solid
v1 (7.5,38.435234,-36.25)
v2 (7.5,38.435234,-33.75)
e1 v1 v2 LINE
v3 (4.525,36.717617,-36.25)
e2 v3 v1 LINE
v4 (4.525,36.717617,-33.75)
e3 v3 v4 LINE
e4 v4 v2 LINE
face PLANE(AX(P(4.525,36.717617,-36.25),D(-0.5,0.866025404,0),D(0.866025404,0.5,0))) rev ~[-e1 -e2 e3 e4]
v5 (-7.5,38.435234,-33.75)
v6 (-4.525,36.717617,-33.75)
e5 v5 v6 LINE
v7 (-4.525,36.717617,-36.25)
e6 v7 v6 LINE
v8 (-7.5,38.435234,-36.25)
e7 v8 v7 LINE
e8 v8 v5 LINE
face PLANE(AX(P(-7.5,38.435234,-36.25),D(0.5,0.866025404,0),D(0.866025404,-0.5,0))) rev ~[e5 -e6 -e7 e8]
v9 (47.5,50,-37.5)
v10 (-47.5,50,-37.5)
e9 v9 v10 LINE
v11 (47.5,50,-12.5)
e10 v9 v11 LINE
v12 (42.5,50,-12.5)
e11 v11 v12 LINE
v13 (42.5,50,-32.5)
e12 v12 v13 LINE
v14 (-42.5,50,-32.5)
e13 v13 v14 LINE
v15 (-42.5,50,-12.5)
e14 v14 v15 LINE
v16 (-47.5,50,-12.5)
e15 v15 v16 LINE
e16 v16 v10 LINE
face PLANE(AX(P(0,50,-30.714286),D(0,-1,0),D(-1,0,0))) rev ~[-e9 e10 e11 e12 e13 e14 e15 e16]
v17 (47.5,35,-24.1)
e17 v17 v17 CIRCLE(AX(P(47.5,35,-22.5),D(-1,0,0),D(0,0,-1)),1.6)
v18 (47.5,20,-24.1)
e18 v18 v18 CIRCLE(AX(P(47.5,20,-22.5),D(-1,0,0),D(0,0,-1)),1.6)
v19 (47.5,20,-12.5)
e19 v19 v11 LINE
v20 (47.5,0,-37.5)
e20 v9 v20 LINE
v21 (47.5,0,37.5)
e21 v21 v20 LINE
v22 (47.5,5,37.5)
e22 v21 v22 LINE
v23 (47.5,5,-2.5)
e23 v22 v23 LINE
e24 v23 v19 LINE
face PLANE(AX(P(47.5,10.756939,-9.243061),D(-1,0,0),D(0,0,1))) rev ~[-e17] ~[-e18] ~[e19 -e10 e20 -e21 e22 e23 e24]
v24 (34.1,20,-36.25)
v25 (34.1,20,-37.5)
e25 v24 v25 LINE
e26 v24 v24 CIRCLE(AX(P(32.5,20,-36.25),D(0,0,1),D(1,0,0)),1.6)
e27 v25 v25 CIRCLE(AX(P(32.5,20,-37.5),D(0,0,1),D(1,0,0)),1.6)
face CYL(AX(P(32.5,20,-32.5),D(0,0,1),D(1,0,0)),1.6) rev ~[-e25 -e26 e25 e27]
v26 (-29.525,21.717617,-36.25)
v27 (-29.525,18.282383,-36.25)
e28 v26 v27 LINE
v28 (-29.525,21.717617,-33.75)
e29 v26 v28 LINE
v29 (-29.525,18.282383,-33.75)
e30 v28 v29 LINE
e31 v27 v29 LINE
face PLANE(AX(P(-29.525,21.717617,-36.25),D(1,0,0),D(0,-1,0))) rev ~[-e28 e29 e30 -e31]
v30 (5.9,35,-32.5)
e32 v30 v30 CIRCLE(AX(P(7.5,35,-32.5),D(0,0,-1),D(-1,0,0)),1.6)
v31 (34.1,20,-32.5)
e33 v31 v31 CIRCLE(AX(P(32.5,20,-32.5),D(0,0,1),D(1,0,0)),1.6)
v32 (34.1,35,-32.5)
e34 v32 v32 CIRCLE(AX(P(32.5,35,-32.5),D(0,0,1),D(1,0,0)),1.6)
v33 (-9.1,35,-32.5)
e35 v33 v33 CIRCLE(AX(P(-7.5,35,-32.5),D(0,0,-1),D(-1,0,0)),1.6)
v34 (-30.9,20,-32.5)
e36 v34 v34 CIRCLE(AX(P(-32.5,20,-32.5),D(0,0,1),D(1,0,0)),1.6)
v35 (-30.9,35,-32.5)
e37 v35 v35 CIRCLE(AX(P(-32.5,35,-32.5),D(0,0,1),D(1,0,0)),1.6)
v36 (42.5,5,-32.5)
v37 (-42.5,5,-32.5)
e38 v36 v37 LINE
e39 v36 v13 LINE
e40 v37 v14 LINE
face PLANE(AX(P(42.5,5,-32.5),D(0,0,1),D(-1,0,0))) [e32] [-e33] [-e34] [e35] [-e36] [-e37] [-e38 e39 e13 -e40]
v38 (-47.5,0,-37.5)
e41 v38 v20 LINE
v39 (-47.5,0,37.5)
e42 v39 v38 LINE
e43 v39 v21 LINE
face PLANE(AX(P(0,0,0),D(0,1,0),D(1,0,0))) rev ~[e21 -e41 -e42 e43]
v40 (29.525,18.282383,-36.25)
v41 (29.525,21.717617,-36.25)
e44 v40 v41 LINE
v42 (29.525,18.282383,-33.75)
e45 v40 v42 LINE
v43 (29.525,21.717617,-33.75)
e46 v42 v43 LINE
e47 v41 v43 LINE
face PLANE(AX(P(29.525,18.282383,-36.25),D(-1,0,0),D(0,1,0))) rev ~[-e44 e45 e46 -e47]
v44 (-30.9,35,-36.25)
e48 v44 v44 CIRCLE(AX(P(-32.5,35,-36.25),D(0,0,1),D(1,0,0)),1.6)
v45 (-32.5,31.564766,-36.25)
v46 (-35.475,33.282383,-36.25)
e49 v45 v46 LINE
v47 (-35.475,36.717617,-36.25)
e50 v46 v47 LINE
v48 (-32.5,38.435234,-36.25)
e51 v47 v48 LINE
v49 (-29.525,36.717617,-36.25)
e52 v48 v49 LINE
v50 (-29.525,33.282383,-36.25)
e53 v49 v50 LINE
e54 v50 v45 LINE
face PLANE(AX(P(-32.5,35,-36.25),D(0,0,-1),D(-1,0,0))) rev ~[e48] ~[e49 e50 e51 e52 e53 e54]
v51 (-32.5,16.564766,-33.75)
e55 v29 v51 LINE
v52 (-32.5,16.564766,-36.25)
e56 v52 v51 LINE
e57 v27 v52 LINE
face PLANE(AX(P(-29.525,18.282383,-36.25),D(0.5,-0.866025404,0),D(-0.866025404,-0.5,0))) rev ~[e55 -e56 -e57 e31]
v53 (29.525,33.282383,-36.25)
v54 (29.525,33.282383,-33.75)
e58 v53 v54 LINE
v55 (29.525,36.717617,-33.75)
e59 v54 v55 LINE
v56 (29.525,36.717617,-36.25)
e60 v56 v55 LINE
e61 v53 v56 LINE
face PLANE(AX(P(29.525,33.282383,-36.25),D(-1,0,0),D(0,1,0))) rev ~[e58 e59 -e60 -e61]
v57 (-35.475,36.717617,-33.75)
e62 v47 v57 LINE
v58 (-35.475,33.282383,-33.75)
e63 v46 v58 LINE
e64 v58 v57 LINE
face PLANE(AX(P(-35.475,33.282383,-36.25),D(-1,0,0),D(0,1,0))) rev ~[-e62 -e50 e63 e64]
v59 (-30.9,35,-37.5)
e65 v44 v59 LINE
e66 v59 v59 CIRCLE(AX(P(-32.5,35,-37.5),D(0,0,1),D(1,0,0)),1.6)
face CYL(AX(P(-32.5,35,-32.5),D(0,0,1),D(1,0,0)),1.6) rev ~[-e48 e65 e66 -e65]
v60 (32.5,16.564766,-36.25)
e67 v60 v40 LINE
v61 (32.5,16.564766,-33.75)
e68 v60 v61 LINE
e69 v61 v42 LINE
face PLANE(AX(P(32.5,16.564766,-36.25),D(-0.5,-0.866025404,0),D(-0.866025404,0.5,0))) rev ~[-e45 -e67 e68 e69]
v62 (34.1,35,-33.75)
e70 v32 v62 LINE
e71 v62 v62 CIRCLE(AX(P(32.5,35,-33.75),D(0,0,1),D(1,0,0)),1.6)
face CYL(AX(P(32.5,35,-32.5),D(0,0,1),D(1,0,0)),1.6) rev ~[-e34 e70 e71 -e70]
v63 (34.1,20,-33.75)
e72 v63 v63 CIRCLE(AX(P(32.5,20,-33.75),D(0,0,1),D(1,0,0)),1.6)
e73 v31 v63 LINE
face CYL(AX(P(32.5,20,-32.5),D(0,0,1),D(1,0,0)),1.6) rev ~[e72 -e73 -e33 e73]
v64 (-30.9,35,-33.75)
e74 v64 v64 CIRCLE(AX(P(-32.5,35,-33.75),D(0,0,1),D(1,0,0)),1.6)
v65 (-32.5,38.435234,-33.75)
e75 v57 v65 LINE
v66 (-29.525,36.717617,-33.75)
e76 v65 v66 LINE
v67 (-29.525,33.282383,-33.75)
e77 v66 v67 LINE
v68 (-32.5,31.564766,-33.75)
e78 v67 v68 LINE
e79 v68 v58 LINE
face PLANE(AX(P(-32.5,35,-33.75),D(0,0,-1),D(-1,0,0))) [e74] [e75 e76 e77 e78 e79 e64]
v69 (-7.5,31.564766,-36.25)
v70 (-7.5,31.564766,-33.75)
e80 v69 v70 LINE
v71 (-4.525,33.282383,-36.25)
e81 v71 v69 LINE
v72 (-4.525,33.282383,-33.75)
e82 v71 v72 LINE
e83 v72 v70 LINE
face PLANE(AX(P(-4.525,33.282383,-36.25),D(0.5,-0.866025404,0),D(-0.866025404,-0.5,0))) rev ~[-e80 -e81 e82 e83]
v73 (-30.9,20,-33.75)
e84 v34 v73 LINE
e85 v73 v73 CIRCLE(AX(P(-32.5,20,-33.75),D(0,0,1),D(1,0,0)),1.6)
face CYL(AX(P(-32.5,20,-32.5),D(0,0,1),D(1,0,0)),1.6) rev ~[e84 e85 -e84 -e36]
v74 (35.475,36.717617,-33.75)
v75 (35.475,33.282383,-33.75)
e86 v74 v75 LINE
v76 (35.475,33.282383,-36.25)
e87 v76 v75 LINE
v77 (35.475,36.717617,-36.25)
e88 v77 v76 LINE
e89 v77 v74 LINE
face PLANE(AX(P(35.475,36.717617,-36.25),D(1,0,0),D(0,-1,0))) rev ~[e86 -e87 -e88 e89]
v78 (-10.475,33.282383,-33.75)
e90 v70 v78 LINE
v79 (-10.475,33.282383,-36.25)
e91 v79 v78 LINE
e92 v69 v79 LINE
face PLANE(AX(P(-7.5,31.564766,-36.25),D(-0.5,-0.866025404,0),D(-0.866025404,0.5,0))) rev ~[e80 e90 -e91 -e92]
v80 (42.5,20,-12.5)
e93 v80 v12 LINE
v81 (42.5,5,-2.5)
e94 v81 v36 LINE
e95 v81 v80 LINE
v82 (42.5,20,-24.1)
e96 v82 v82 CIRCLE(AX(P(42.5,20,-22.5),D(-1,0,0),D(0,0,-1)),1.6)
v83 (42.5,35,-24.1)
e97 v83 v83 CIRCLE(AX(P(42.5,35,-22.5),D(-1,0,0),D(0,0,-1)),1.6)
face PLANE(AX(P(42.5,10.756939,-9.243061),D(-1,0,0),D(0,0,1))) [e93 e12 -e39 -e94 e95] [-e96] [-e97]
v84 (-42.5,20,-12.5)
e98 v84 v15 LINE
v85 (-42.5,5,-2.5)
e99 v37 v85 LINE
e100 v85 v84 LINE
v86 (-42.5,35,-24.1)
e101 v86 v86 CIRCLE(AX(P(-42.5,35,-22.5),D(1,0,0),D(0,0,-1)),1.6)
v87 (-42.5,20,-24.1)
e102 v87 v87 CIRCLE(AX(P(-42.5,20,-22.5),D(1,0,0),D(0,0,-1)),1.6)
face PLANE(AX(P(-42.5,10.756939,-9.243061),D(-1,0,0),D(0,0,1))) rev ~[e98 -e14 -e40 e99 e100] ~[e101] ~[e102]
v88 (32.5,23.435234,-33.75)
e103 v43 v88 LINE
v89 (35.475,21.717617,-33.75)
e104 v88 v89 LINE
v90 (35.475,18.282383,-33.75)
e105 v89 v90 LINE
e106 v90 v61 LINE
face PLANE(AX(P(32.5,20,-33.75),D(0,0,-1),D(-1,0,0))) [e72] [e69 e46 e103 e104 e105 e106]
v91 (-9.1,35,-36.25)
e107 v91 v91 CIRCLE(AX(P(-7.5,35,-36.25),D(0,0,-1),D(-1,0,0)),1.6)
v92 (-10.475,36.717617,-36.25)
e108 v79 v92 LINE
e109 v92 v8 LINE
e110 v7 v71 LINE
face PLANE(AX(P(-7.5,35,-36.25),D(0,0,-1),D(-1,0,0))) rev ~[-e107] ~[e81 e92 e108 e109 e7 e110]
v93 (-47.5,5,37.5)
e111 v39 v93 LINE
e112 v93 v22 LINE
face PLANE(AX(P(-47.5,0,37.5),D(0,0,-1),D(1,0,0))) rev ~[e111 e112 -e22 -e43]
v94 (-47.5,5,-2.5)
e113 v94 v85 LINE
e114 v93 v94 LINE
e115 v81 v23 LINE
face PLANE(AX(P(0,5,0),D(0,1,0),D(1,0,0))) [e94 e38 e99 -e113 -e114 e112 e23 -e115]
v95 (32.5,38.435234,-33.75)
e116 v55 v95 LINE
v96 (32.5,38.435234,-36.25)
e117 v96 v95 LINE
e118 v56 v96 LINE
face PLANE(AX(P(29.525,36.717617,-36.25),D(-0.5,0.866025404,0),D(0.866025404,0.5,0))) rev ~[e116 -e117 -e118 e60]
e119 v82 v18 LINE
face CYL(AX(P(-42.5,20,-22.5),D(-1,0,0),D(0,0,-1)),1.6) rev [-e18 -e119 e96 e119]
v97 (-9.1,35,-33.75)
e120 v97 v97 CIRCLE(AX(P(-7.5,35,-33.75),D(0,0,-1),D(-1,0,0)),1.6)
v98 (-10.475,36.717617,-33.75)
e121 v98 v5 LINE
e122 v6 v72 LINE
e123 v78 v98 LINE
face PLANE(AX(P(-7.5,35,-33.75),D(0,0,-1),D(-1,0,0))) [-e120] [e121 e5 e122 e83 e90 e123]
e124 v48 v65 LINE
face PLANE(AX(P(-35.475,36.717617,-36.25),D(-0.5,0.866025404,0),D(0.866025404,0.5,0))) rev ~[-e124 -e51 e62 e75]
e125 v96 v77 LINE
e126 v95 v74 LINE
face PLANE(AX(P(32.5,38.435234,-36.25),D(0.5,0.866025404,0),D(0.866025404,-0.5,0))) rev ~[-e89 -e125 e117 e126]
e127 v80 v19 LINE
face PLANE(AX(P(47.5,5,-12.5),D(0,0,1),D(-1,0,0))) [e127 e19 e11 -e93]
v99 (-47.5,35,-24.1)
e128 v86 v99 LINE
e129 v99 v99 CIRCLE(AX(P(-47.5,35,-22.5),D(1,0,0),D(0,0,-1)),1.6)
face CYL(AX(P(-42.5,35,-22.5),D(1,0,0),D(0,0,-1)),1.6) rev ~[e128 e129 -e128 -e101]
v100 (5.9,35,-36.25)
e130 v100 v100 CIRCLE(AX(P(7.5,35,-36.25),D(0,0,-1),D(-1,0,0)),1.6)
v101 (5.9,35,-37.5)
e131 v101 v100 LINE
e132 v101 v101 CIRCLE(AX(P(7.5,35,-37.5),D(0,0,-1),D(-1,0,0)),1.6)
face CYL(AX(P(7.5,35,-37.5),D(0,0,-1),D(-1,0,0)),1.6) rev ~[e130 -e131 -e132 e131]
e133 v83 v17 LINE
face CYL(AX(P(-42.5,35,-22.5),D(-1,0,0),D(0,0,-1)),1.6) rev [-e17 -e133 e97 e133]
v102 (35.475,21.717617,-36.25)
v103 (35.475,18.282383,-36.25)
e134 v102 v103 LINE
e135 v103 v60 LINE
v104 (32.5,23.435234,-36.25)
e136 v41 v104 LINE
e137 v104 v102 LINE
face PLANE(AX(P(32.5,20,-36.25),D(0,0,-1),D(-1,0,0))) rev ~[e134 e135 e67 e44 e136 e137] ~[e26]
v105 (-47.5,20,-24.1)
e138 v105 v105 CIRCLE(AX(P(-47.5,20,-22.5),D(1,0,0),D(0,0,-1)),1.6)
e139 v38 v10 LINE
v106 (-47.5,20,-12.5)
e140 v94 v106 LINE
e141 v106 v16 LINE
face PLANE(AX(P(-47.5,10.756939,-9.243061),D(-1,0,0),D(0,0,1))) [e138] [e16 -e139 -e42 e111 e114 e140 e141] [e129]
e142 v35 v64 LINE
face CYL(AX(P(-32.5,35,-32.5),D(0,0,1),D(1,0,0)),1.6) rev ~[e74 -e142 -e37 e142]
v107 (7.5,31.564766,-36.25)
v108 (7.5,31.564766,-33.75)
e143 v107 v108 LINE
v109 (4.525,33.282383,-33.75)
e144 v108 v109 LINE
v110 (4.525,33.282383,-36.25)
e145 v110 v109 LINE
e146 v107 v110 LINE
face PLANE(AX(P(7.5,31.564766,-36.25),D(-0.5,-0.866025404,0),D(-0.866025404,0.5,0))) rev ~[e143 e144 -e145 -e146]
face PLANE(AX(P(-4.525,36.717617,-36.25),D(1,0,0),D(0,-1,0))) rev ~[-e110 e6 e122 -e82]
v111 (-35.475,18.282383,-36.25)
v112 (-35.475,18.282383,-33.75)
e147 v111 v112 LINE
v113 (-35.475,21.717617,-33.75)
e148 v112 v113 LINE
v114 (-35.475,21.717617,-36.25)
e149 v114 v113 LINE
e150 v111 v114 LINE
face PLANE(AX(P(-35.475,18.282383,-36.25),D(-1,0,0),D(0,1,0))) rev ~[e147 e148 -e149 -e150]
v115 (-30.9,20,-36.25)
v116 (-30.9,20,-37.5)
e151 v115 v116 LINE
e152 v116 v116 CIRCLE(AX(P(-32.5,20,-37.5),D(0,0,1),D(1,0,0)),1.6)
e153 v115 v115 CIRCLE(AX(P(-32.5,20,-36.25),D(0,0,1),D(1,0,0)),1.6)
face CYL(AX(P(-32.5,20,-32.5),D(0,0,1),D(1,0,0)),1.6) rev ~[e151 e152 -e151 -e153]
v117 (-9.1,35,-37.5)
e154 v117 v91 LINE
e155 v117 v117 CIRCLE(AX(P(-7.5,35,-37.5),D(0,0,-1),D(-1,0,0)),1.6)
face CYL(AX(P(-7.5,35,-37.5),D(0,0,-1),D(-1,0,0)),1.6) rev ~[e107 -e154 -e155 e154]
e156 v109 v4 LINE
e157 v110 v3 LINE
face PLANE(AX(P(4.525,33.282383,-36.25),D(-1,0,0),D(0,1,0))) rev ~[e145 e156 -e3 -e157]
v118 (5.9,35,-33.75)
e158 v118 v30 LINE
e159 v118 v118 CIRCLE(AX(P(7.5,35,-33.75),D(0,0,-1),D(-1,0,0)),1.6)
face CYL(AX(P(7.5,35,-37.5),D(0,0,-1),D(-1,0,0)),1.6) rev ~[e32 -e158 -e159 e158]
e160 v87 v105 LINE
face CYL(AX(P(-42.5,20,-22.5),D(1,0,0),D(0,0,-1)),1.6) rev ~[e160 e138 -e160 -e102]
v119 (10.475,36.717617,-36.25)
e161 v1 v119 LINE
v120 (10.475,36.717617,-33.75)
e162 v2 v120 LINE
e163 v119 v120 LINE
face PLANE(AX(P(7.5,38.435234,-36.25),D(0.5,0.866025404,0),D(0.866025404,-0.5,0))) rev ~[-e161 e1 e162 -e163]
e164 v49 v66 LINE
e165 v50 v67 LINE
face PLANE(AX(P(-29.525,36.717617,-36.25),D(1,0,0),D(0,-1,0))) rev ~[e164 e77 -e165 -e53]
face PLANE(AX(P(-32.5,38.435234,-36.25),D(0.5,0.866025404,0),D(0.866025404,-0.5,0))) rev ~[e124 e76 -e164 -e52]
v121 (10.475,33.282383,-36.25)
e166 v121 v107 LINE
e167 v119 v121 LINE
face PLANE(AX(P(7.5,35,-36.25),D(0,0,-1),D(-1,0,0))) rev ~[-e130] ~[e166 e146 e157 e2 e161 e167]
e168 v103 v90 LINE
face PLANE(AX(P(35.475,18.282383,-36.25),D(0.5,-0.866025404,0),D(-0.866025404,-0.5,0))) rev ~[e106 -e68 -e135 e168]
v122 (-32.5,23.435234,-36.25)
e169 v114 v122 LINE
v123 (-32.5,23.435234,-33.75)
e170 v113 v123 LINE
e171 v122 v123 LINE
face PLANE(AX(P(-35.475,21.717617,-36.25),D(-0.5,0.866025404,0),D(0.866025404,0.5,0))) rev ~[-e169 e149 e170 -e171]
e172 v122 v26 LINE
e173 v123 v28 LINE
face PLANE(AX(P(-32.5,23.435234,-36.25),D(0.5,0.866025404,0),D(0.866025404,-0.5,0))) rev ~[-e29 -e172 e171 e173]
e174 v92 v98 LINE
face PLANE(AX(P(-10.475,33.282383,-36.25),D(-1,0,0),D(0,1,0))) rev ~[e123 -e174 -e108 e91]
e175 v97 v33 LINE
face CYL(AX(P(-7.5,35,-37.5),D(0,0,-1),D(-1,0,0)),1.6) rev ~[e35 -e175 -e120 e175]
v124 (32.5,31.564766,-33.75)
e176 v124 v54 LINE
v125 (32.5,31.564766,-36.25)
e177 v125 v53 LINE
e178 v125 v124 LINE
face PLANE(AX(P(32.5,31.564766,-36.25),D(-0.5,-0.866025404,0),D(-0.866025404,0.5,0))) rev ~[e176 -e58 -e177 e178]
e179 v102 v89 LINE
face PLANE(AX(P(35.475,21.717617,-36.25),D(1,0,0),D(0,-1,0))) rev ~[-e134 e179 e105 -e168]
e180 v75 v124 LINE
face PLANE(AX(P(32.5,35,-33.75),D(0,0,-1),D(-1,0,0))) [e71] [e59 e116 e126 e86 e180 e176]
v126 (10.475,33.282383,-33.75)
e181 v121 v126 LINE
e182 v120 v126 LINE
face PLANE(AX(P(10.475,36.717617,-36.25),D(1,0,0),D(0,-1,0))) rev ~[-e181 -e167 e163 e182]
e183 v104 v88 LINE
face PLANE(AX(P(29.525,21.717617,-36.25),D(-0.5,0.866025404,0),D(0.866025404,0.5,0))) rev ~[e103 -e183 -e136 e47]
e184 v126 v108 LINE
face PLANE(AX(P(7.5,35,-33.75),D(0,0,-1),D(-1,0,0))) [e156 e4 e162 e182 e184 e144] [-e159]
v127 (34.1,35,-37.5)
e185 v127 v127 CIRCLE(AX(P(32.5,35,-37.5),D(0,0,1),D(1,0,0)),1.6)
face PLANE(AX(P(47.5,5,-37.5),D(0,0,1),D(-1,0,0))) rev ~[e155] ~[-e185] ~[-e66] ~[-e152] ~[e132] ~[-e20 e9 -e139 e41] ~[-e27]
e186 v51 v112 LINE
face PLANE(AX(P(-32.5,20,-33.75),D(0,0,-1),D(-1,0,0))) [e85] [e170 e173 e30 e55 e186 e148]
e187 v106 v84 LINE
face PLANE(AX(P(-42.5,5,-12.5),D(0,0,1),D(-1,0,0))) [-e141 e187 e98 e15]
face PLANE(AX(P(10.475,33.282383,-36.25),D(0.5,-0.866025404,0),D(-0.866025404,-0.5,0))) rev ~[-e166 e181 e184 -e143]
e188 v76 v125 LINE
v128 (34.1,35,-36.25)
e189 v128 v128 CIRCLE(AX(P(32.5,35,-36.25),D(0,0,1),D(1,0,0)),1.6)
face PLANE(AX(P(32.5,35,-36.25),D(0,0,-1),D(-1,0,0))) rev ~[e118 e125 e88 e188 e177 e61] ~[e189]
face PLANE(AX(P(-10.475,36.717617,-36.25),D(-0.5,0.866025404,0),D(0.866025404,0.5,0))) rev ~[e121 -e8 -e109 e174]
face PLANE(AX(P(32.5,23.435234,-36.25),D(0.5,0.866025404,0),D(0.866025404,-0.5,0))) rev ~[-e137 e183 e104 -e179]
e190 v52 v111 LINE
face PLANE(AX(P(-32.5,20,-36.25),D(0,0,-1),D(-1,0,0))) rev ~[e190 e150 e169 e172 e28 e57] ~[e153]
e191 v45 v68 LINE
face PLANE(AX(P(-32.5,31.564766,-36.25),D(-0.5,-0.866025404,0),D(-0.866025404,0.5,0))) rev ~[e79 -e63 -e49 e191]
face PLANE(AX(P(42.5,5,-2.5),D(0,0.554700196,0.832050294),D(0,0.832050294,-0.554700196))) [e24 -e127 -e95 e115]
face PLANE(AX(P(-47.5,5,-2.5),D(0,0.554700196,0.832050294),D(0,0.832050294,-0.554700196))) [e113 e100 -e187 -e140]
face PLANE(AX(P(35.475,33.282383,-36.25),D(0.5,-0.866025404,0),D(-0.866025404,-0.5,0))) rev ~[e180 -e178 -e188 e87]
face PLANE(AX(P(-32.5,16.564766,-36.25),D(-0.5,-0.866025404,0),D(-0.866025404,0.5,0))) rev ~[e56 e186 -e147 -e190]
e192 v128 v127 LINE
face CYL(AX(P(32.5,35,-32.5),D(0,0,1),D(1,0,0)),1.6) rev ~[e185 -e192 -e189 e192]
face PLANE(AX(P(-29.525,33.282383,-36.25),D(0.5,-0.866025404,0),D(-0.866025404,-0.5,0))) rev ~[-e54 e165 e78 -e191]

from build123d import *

# Parameters (mm, degrees)
SKETCH1_W               = 95
SKETCH1_H               = 75
BOSS_EXTRUDE1_DEPTH     = 5
BOSS_EXTRUDE4_DEPTH     = 45
SKETCH5_R               = 1.6
CUT_EXTRUDE1_DEPTH      = 91
CUT_EXTRUDE1_DEPTH_BACK = 6
CUT_EXTRUDE2_REACH      = 7
SKETCH6_R               = 1.6
BOSS_EXTRUDE5_DEPTH     = 5
BOSS_EXTRUDE6_START     = -90
BOSS_EXTRUDE6_DEPTH     = 5
CUT_EXTRUDE3_REACH      = 77
SKETCH8_R               = 1.6
CUT_EXTRUDE4_START      = -1.25
CUT_EXTRUDE4_DEPTH      = 2.5


with BuildPart() as part:
    # Sketch1 → Boss-Extrude1 (new body)
    with BuildSketch(Plane(origin=(0, 0, 0), x_dir=(1, 0, 0), z_dir=(0, 1, 0))):
        Rectangle(SKETCH1_W, SKETCH1_H)
    extrude(amount=BOSS_EXTRUDE1_DEPTH)

    # Sketch4 → Boss-Extrude4 (add)
    with BuildSketch(Plane(origin=(0, 5, 0), x_dir=(1, 0, 0), z_dir=(0, 1, 0))):
        Polygon((-47.5, 37.5), (-42.5, 37.5), (42.5, 37.5), (47.5, 37.5), (47.5, 12.5), (42.5, 12.5), (42.5, 32.5), (-42.5, 32.5), (-42.5, 12.5), (-47.5, 12.5), align=None)
    extrude(amount=BOSS_EXTRUDE4_DEPTH)

    # Sketch5 → Cut-Extrude1 (cut, two sides)
    with BuildSketch(Plane(origin=(-42.5, 0, 0), x_dir=(0, 0, -1), z_dir=(1, 0, 0))) as cut_extrude1_sk:
        with Locations((22.5, 35)):
            Circle(SKETCH5_R)
        with Locations((22.5, 20)):
            Circle(SKETCH5_R)
    extrude(amount=CUT_EXTRUDE1_DEPTH, mode=Mode.SUBTRACT)
    extrude(cut_extrude1_sk.sketch, amount=-CUT_EXTRUDE1_DEPTH_BACK, mode=Mode.SUBTRACT)

    # Sketch6 → Cut-Extrude2 (cut, up to next)
    with BuildSketch(Plane.XY.offset(-32.5), mode=Mode.PRIVATE) as cut_extrude2_sk1:
        with Locations((-32.5, 35)):
            Circle(SKETCH6_R)
    cut_extrude2_tool1 = extrude(cut_extrude2_sk1.sketch, amount=-CUT_EXTRUDE2_REACH, mode=Mode.PRIVATE) & part.part
    add(cut_extrude2_tool1.solids().sort_by_distance((-32.5, 35, -32.5))[0], mode=Mode.SUBTRACT)
    # Sketch6 → Cut-Extrude2 (cut, up to next)
    with BuildSketch(Plane.XY.offset(-32.5), mode=Mode.PRIVATE) as cut_extrude2_sk2:
        with Locations((-32.5, 20)):
            Circle(SKETCH6_R)
    cut_extrude2_tool2 = extrude(cut_extrude2_sk2.sketch, amount=-CUT_EXTRUDE2_REACH, mode=Mode.PRIVATE) & part.part
    add(cut_extrude2_tool2.solids().sort_by_distance((-32.5, 20, -32.5))[0], mode=Mode.SUBTRACT)
    # Sketch6 → Cut-Extrude2 (cut, up to next)
    with BuildSketch(Plane.XY.offset(-32.5), mode=Mode.PRIVATE) as cut_extrude2_sk3:
        with Locations((32.5, 20)):
            Circle(SKETCH6_R)
    cut_extrude2_tool3 = extrude(cut_extrude2_sk3.sketch, amount=-CUT_EXTRUDE2_REACH, mode=Mode.PRIVATE) & part.part
    add(cut_extrude2_tool3.solids().sort_by_distance((32.5, 20, -32.5))[0], mode=Mode.SUBTRACT)
    # Sketch6 → Cut-Extrude2 (cut, up to next)
    with BuildSketch(Plane.XY.offset(-32.5), mode=Mode.PRIVATE) as cut_extrude2_sk4:
        with Locations((32.5, 35)):
            Circle(SKETCH6_R)
    cut_extrude2_tool4 = extrude(cut_extrude2_sk4.sketch, amount=-CUT_EXTRUDE2_REACH, mode=Mode.PRIVATE) & part.part
    add(cut_extrude2_tool4.solids().sort_by_distance((32.5, 35, -32.5))[0], mode=Mode.SUBTRACT)

    # Sketch7 → Boss-Extrude5 (add)
    with BuildSketch(Plane.ZY.offset(47.5)):
        Polygon((-12.5, 5), (-2.5, 5), (-12.5, 20), align=None)
    extrude(amount=-BOSS_EXTRUDE5_DEPTH)

    # Sketch7<2> → Boss-Extrude6 (add)
    with BuildSketch(Plane.ZY.offset(47.5).offset(BOSS_EXTRUDE6_START)):
        Polygon((-12.5, 5), (-2.5, 5), (-12.5, 20), align=None)
    extrude(amount=-BOSS_EXTRUDE6_DEPTH)

    # Sketch8 → Cut-Extrude3 (cut, up to next)
    with BuildSketch(Plane(origin=(0, 0, -37.5), x_dir=(-1, 0, 0), z_dir=(0, 0, -1)), mode=Mode.PRIVATE) as cut_extrude3_sk1:
        with Locations((-7.5, 35)):
            Circle(SKETCH8_R)
    cut_extrude3_tool1 = extrude(cut_extrude3_sk1.sketch, amount=-CUT_EXTRUDE3_REACH, mode=Mode.PRIVATE) & part.part
    add(cut_extrude3_tool1.solids().sort_by_distance((7.5, 35, -37.5))[0], mode=Mode.SUBTRACT)
    # Sketch8 → Cut-Extrude3 (cut, up to next)
    with BuildSketch(Plane(origin=(0, 0, -37.5), x_dir=(-1, 0, 0), z_dir=(0, 0, -1)), mode=Mode.PRIVATE) as cut_extrude3_sk2:
        with Locations((7.5, 35)):
            Circle(SKETCH8_R)
    cut_extrude3_tool2 = extrude(cut_extrude3_sk2.sketch, amount=-CUT_EXTRUDE3_REACH, mode=Mode.PRIVATE) & part.part
    add(cut_extrude3_tool2.solids().sort_by_distance((-7.5, 35, -37.5))[0], mode=Mode.SUBTRACT)

    # Sketch9 → Cut-Extrude4 (cut)
    with BuildSketch(Plane(origin=(0, 0, -37.5), x_dir=(-1, 0, 0), z_dir=(0, 0, -1)).offset(CUT_EXTRUDE4_START)):
        Polygon((-32.5, 38.435234102), (-35.475, 36.717617051), (-35.475, 33.282382949), (-32.5, 31.564765898), (-29.525, 33.282382949), (-29.525, 36.717617051), align=None)
        Polygon((-7.5, 38.435234102), (-10.475, 36.717617051), (-10.475, 33.282382949), (-7.5, 31.564765898), (-4.525, 33.282382949), (-4.525, 36.717617051), align=None)
        Polygon((7.5, 38.435234102), (4.525, 36.717617051), (4.525, 33.282382949), (7.5, 31.564765898), (10.475, 33.282382949), (10.475, 36.717617051), align=None)
        Polygon((32.5, 38.435234102), (29.525, 36.717617051), (29.525, 33.282382949), (32.5, 31.564765898), (35.475, 33.282382949), (35.475, 36.717617051), align=None)
        Polygon((32.5, 23.435234102), (29.525, 21.717617051), (29.525, 18.282382949), (32.5, 16.564765898), (35.475, 18.282382949), (35.475, 21.717617051), align=None)
        Polygon((-32.5, 23.435234102), (-35.475, 21.717617051), (-35.475, 18.282382949), (-32.5, 16.564765898), (-29.525, 18.282382949), (-29.525, 21.717617051), align=None)
    extrude(amount=-CUT_EXTRUDE4_DEPTH, mode=Mode.SUBTRACT)


solid = part.part
